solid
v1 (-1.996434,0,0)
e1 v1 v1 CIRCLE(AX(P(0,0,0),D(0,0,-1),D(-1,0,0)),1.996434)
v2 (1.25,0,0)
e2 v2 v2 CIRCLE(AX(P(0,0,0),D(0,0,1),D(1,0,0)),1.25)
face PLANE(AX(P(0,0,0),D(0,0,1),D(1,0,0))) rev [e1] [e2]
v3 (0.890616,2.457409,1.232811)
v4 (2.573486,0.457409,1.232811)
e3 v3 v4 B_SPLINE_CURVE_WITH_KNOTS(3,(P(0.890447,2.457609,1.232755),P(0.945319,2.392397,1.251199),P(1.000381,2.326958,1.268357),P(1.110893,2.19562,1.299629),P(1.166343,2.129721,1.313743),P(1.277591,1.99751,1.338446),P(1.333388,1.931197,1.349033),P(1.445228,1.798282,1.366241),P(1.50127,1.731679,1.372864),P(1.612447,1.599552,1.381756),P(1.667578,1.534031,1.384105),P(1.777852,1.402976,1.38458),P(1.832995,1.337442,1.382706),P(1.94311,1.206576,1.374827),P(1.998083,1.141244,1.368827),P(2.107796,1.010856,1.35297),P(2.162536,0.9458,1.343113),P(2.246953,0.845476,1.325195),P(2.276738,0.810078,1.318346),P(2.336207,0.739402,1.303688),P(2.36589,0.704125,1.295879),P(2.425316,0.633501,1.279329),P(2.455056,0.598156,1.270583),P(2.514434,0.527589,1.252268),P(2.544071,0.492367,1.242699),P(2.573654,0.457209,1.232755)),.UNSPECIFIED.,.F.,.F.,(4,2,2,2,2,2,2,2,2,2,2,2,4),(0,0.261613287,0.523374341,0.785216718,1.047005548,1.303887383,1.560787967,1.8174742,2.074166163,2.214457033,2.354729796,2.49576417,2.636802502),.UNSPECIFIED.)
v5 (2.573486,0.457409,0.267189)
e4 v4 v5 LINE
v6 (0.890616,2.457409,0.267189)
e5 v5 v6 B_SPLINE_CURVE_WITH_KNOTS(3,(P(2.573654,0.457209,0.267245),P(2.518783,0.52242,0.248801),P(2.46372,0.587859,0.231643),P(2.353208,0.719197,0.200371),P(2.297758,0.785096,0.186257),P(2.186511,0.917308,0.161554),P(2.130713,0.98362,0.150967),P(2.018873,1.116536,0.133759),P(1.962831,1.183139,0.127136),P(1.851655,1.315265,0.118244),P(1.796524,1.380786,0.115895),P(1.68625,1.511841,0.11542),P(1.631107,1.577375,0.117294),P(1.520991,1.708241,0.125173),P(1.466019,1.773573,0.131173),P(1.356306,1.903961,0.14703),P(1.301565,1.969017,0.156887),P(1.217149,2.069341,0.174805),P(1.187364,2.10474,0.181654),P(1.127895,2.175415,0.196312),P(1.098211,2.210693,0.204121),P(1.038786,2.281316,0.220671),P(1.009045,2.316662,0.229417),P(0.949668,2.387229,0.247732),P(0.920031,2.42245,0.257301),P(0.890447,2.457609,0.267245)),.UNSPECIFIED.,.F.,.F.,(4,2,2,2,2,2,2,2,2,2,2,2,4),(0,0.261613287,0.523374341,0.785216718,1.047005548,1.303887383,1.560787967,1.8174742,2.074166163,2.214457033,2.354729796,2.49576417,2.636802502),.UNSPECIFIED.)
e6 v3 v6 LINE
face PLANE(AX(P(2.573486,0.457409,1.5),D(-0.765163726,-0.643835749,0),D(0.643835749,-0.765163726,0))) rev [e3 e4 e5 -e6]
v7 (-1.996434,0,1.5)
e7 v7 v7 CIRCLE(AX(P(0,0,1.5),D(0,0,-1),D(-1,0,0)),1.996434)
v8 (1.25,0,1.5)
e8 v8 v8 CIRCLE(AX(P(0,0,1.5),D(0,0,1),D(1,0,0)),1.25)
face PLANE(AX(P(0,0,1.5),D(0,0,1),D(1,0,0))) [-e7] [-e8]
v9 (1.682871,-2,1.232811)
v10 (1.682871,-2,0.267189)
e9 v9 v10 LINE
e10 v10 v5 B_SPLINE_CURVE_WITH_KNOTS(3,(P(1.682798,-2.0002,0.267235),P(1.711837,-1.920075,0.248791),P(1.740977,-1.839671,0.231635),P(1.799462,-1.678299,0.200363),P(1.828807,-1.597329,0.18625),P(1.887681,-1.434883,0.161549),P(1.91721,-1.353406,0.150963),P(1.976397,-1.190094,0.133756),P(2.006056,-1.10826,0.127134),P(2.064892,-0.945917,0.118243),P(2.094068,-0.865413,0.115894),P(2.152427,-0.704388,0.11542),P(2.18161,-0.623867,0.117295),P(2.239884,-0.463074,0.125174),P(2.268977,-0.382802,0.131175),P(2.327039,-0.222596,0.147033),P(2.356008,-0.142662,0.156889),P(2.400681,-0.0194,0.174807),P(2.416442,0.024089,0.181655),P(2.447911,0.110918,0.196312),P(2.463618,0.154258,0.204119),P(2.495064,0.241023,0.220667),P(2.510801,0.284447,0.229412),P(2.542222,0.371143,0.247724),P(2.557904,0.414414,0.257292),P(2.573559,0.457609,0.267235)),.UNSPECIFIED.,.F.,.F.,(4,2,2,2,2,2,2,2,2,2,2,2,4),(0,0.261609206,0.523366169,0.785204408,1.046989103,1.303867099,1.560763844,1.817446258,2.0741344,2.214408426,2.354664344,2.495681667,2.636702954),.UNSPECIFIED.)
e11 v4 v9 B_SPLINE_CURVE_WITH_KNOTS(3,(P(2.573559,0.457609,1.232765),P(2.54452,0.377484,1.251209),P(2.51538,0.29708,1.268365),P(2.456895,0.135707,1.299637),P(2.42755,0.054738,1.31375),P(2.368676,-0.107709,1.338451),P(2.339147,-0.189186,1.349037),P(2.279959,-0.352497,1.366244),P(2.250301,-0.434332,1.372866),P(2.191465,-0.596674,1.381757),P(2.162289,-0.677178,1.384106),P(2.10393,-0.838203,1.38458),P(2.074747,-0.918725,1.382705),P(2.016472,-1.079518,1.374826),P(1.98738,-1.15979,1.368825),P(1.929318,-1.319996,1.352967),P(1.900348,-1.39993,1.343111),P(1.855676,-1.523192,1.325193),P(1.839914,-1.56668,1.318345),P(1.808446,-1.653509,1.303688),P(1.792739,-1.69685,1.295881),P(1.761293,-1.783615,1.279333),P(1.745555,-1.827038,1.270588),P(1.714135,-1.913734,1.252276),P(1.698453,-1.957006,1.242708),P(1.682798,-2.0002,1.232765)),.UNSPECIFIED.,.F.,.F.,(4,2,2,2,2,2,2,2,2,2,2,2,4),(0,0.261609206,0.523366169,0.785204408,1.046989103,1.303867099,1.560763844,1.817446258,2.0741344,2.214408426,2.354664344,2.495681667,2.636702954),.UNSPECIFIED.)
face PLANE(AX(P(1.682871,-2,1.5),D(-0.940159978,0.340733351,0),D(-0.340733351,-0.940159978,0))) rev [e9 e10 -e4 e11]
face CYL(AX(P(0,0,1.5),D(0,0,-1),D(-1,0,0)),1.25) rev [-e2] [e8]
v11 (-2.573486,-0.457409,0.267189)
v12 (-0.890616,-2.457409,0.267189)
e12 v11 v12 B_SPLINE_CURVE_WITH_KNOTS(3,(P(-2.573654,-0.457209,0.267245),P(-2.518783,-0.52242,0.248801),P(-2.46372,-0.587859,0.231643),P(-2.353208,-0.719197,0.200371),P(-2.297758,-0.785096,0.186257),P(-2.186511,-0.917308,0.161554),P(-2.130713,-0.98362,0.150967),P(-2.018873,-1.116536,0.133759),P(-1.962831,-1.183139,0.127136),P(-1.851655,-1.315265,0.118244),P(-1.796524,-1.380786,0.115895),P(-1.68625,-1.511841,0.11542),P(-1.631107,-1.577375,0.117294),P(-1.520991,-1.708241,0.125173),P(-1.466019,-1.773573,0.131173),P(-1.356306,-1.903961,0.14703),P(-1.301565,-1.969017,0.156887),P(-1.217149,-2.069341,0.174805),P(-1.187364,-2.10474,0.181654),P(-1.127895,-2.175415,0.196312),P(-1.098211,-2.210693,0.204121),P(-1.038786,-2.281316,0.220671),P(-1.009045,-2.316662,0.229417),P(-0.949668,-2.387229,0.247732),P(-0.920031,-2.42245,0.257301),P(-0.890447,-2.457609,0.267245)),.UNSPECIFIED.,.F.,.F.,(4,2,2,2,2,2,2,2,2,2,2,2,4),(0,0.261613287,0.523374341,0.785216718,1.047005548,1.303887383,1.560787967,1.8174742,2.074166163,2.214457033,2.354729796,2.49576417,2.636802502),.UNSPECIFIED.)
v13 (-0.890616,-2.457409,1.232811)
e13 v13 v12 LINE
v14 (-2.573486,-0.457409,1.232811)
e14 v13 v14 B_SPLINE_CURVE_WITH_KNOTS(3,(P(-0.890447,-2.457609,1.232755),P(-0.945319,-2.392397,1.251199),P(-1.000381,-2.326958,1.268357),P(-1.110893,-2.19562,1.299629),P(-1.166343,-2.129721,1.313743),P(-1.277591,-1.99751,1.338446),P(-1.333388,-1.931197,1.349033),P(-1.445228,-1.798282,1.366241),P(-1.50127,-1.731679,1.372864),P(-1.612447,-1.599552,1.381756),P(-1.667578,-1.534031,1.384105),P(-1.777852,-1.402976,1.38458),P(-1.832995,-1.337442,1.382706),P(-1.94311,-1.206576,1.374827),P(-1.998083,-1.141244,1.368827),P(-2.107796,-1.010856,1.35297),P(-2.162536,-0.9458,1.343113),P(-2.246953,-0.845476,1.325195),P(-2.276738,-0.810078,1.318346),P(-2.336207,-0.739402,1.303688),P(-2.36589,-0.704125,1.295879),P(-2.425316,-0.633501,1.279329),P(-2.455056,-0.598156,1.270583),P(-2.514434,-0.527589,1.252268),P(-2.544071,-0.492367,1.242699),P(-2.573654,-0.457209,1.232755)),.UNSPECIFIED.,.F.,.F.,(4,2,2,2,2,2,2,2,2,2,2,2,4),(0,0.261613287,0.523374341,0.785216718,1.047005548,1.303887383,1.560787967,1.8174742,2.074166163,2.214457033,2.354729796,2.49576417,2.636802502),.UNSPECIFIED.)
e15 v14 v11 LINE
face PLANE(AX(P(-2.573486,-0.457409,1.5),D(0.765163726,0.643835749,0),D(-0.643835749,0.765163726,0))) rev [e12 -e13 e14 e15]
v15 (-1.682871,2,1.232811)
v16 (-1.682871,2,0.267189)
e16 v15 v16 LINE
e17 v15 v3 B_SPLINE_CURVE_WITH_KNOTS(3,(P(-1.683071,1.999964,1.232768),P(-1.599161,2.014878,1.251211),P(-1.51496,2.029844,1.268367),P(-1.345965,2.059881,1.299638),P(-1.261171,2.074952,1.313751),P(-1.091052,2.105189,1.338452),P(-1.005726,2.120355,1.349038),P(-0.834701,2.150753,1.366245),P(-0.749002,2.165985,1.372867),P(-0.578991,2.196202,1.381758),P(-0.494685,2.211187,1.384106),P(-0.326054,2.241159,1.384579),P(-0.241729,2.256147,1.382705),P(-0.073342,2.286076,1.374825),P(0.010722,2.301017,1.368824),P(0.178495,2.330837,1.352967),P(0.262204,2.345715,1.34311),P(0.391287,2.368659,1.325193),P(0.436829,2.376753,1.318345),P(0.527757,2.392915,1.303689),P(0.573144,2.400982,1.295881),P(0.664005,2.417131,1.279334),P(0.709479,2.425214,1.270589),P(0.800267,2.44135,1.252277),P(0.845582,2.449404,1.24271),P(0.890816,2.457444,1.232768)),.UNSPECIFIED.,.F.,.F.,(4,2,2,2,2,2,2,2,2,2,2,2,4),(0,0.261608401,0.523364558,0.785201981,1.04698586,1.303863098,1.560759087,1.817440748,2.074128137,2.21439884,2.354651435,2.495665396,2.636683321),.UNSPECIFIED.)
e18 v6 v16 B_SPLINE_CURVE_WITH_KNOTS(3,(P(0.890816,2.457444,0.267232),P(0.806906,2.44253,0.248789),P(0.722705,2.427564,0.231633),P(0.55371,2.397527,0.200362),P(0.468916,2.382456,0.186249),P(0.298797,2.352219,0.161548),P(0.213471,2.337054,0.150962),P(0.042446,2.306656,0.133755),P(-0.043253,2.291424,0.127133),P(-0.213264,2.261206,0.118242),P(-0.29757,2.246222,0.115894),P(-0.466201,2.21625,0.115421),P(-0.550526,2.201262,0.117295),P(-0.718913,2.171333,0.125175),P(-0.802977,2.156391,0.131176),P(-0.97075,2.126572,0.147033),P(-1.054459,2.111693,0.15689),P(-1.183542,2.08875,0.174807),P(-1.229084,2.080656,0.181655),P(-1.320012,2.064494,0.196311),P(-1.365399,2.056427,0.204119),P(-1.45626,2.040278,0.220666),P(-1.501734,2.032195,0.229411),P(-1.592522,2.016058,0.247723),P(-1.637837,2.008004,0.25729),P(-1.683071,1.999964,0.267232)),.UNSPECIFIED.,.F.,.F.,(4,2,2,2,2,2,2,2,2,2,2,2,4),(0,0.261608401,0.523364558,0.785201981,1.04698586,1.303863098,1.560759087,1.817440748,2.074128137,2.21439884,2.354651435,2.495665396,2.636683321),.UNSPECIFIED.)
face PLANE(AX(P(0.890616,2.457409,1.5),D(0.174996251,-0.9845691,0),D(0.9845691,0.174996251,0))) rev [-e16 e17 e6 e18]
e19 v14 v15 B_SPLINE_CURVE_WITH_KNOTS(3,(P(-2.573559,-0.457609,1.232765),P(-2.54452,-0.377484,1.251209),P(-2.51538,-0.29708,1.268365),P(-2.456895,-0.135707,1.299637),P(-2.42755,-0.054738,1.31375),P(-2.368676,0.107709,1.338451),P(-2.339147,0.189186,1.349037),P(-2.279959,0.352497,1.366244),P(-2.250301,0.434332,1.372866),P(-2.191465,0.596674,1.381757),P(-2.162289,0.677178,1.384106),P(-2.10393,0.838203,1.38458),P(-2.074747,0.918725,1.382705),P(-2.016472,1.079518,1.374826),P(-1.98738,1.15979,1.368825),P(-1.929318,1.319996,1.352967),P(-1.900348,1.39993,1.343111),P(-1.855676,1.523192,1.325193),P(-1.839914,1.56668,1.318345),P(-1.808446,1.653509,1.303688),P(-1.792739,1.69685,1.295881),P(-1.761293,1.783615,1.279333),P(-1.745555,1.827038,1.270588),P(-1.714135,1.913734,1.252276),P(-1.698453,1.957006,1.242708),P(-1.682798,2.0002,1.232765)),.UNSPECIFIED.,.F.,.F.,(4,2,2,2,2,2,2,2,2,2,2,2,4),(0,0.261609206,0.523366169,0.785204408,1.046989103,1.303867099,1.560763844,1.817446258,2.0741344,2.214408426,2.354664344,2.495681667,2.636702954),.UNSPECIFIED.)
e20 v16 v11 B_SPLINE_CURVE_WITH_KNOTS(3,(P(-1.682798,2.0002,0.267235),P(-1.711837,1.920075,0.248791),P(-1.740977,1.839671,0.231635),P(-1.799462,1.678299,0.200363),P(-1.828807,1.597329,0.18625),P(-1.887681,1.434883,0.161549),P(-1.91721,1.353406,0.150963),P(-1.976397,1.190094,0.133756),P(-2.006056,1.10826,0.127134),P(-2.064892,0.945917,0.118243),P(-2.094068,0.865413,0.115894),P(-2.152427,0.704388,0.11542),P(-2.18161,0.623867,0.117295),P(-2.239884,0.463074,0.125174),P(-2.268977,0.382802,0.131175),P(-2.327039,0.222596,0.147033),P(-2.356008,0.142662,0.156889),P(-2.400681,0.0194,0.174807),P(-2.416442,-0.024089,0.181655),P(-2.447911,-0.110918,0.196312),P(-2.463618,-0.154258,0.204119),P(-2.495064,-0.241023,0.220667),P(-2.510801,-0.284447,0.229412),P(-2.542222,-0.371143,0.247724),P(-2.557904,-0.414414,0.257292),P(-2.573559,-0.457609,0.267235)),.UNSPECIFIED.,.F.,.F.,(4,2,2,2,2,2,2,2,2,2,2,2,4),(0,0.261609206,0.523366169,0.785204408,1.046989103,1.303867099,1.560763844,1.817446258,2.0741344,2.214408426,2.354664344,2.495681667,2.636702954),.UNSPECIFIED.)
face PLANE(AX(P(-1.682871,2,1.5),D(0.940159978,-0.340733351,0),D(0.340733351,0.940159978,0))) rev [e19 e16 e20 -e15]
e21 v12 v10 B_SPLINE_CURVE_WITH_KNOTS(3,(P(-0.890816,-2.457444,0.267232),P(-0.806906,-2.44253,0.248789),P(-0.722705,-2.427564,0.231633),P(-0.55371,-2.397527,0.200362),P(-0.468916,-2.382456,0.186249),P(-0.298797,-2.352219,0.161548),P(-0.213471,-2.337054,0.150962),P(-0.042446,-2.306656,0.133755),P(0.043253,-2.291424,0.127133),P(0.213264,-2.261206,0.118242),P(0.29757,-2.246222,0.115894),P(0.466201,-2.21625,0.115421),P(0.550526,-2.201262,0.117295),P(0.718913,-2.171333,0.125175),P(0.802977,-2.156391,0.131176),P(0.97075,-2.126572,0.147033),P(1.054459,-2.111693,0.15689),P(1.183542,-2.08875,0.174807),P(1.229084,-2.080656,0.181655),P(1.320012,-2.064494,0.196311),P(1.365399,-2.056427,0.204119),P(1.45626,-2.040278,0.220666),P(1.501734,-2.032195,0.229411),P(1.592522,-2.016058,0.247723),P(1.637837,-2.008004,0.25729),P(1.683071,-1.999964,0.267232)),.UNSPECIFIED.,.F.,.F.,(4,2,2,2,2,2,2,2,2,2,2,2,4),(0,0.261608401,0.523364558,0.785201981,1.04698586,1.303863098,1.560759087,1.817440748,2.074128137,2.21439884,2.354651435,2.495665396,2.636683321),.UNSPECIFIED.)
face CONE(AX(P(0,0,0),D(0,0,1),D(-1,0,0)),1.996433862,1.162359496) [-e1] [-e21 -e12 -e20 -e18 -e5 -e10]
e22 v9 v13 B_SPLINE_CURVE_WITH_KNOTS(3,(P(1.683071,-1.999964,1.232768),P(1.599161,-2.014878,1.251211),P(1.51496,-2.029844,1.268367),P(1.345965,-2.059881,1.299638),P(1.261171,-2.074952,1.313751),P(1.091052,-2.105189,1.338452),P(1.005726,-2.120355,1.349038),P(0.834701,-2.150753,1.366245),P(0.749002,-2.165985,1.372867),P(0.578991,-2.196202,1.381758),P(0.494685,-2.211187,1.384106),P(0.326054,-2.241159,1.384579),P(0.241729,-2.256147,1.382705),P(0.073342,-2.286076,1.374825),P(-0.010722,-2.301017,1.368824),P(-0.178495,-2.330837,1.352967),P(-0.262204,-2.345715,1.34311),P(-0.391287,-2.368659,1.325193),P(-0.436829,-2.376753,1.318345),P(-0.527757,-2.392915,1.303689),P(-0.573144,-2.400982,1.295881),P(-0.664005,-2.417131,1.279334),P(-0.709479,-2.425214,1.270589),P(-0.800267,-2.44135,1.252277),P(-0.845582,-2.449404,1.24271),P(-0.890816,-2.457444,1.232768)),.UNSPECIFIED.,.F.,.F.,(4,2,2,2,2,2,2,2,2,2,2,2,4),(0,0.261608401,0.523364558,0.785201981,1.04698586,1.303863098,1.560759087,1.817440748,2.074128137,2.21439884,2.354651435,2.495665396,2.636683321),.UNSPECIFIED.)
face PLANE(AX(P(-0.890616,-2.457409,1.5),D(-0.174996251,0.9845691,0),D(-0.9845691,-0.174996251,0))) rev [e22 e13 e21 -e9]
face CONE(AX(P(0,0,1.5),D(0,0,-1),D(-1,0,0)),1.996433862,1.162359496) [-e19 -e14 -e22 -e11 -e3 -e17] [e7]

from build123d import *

# Parameters (mm, degrees)
SKETCH_1_R      = 1.25
EXTRUDE_1_DEPTH = 1.5


with BuildPart() as part:
    # 草图1 → 凸台-拉伸1 (new body)
    with BuildSketch(Plane.XY):
        Polygon((-0.890615534, -2.457408644), (1.682870546, -2), (2.573486081, 0.457408644), (0.890615534, 2.457408644), (-1.682870546, 2), (-2.573486081, -0.457408644), align=None)
        Circle(SKETCH_1_R, mode=Mode.SUBTRACT)
    extrude(amount=EXTRUDE_1_DEPTH)

    # 草图3 → 切除-旋转1 (revolve, cut)
    with BuildSketch(Plane(origin=(0, 0, 0), x_dir=(1, 0, 0), z_dir=(0, 1, 0)), mode=Mode.PRIVATE) as cut_revolve_1_sk:
        Polygon((1.996433862, -1.5), (2.573486081, -1.5), (2.704394407, -1.5), (2.704394407, -1.193613078), align=None)
    cut_revolve_1 = revolve(cut_revolve_1_sk.sketch.rotate(Axis((0, 0, 0), (0, 0, 1)), 180), axis=Axis((0, 0, 0), (0, 0, 1)), mode=Mode.SUBTRACT)

    # 镜向1: 切除-旋转1 across plane
    add(cut_revolve_1.mirror(Plane.XY.offset(0.75)), mode=Mode.SUBTRACT)


solid = part.part
